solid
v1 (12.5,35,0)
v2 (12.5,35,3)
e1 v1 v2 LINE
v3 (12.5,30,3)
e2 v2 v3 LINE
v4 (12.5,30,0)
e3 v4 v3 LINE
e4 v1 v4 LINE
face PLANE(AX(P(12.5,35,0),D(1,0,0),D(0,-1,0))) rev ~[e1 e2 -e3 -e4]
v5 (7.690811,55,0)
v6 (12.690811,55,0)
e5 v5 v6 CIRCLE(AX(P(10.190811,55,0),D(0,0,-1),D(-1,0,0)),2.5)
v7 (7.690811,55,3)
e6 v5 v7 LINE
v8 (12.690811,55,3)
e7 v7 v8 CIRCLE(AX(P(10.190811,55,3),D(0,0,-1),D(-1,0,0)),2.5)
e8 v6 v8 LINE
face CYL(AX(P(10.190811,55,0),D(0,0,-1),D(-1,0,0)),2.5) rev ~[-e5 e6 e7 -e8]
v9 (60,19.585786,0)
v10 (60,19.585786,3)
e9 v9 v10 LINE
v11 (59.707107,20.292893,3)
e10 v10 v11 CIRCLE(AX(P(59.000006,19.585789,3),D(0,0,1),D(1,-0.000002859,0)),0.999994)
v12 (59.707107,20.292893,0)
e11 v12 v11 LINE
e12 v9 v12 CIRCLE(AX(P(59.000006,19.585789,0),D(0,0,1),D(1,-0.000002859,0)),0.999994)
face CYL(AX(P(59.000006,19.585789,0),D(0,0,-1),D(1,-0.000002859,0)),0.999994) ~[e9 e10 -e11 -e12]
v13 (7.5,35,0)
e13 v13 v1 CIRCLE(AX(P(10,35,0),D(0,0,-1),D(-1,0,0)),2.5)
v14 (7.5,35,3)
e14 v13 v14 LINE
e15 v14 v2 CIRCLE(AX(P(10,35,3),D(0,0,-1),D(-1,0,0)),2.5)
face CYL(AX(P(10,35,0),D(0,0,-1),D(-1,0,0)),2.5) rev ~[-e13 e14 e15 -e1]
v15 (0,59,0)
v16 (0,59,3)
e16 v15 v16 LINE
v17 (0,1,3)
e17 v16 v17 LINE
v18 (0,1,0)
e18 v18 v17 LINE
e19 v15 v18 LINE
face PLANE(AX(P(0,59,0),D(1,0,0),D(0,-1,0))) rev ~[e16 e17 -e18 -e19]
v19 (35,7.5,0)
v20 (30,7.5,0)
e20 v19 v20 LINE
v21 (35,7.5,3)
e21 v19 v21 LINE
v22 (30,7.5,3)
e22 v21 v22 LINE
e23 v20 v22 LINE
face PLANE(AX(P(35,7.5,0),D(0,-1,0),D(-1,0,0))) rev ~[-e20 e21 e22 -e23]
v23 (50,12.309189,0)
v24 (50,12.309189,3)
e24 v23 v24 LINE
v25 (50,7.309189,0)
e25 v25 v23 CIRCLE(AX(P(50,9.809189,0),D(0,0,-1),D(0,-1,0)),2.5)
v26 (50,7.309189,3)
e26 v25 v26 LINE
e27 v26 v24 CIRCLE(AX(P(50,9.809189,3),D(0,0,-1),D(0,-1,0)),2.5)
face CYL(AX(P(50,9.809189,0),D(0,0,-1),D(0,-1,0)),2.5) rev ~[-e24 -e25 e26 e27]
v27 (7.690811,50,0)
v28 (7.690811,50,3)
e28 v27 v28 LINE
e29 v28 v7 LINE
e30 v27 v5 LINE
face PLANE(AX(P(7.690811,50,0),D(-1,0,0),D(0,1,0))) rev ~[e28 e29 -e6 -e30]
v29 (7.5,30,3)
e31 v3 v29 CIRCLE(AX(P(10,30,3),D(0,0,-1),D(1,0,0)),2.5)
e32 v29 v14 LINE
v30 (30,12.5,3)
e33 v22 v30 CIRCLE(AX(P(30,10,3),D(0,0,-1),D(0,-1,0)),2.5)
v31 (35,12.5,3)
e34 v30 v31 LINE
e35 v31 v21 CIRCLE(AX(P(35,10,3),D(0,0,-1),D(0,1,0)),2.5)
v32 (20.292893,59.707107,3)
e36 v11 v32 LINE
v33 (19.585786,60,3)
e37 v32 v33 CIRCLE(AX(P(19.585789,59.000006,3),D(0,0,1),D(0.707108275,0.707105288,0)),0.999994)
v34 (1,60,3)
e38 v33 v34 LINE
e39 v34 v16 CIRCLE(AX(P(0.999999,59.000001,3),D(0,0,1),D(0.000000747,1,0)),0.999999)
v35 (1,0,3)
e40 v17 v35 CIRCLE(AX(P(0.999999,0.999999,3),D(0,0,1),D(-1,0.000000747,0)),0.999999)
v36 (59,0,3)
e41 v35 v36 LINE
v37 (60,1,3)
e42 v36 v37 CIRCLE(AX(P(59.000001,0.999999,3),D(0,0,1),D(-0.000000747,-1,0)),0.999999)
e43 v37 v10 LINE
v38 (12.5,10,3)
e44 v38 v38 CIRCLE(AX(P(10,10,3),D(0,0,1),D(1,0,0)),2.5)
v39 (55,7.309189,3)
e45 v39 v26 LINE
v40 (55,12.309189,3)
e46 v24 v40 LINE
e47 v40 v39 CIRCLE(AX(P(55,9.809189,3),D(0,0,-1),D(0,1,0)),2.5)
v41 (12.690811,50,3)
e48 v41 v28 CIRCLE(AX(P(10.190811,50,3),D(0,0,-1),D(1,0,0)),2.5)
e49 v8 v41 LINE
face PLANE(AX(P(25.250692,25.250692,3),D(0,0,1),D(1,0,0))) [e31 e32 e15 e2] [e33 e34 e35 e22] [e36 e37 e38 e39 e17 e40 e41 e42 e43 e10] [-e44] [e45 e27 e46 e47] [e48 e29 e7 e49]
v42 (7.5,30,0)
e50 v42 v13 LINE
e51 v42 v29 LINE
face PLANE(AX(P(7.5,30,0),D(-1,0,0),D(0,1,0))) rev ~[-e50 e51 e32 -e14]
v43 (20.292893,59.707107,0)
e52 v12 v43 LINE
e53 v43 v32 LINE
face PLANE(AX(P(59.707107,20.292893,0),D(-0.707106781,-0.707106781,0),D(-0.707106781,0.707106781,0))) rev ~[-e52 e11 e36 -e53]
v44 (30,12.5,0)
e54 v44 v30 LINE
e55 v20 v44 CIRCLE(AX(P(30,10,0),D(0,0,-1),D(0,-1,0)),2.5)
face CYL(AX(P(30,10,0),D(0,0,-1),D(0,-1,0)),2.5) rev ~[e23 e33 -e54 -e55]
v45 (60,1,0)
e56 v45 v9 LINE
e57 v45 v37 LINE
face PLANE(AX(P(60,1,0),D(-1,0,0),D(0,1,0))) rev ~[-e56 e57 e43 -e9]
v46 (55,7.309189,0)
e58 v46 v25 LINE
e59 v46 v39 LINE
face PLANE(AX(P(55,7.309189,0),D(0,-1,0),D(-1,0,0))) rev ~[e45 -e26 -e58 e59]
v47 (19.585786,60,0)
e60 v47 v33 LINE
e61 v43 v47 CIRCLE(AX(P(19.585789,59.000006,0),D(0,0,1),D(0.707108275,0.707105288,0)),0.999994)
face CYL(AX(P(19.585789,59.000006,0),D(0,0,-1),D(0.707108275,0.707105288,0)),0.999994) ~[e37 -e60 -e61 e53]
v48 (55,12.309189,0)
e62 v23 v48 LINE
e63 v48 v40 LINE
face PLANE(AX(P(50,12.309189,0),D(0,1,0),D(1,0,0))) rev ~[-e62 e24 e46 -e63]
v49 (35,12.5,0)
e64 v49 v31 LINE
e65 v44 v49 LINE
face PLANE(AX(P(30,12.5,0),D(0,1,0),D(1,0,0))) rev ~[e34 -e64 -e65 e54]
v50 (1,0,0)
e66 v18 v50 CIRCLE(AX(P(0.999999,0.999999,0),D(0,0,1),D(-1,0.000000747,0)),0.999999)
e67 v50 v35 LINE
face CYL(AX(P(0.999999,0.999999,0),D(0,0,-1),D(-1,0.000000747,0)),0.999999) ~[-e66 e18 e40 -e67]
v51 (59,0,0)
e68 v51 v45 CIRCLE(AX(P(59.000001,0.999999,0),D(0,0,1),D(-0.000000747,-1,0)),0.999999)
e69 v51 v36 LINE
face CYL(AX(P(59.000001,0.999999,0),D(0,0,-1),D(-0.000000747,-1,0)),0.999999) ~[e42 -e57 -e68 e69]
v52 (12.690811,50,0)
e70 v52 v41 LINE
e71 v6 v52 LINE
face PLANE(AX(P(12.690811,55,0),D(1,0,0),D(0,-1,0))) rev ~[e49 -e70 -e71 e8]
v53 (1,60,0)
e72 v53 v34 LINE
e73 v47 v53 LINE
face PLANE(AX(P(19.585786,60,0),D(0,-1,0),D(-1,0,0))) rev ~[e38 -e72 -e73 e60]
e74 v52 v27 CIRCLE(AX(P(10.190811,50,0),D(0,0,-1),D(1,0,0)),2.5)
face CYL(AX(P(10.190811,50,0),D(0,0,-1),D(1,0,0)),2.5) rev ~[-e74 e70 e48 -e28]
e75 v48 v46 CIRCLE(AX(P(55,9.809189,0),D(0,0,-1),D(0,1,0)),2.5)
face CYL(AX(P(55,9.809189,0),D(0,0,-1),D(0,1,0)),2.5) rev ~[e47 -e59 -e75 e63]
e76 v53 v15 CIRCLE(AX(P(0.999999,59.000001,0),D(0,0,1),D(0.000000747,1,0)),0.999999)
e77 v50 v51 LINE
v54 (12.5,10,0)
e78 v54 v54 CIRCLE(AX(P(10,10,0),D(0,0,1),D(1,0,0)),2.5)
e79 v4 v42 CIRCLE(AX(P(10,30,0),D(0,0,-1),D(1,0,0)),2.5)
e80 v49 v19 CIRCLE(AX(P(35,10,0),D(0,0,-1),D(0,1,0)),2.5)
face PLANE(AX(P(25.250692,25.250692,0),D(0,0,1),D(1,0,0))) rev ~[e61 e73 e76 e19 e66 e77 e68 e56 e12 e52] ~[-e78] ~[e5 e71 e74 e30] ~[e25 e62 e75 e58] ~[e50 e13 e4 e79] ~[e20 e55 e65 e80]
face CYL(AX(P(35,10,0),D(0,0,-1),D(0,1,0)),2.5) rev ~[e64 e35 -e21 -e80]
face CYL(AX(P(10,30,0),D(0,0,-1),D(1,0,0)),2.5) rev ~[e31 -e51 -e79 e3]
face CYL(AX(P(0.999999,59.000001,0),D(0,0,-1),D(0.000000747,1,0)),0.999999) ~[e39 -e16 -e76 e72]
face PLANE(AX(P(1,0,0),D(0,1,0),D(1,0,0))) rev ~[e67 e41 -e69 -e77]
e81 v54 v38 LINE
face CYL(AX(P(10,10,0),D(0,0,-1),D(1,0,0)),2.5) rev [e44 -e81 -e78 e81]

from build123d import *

# Parameters (mm, degrees)
F0_R     = 2.5
F1_DEPTH = 3


with BuildPart() as f1:
    # F0 (on Top) → F1 (new body)
    with BuildSketch(Plane.XY):
        with BuildLine():
            Line((0, 59), (0, 1))
            ThreePointArc((0, 1), (0.292893, 0.292893), (1, 0))
            Line((1, 0), (59, 0))
            ThreePointArc((59, 0), (59.707107, 0.292893), (60, 1))
            Line((60, 1), (60, 19.585786))
            ThreePointArc((60, 19.585786), (59.92388, 19.96847), (59.707107, 20.292893))
            Line((59.707107, 20.292893), (20.292893, 59.707107))
            ThreePointArc((20.292893, 59.707107), (19.96847, 59.92388), (19.585786, 60))
            Line((19.585786, 60), (1, 60))
            ThreePointArc((1, 60), (0.292893, 59.707107), (0, 59))
        make_face()
        with Locations((10, 10)):
            Circle(F0_R, mode=Mode.SUBTRACT)
        with BuildLine():
            ThreePointArc((30, 7.5), (27.5, 10), (30, 12.5))
            Line((30, 12.5), (35, 12.5))
            ThreePointArc((35, 12.5), (37.5, 10), (35, 7.5))
            Line((35, 7.5), (30, 7.5))
        make_face(mode=Mode.SUBTRACT)
        with BuildLine():
            ThreePointArc((50, 7.309189), (47.5, 9.809189), (50, 12.309189))
            Line((50, 12.309189), (55, 12.309189))
            ThreePointArc((55, 12.309189), (57.5, 9.809189), (55, 7.309189))
            Line((55, 7.309189), (50, 7.309189))
        make_face(mode=Mode.SUBTRACT)
        with BuildLine():
            ThreePointArc((12.5, 30), (10, 27.5), (7.5, 30))
            Line((7.5, 30), (7.5, 35))
            ThreePointArc((7.5, 35), (10, 37.5), (12.5, 35))
            Line((12.5, 35), (12.5, 30))
        make_face(mode=Mode.SUBTRACT)
        with BuildLine():
            ThreePointArc((12.690811, 50), (10.190811, 47.5), (7.690811, 50))
            Line((7.690811, 50), (7.690811, 55))
            ThreePointArc((7.690811, 55), (10.190811, 57.5), (12.690811, 55))
            Line((12.690811, 55), (12.690811, 50))
        make_face(mode=Mode.SUBTRACT)
    extrude(amount=F1_DEPTH)


solid = f1.part
